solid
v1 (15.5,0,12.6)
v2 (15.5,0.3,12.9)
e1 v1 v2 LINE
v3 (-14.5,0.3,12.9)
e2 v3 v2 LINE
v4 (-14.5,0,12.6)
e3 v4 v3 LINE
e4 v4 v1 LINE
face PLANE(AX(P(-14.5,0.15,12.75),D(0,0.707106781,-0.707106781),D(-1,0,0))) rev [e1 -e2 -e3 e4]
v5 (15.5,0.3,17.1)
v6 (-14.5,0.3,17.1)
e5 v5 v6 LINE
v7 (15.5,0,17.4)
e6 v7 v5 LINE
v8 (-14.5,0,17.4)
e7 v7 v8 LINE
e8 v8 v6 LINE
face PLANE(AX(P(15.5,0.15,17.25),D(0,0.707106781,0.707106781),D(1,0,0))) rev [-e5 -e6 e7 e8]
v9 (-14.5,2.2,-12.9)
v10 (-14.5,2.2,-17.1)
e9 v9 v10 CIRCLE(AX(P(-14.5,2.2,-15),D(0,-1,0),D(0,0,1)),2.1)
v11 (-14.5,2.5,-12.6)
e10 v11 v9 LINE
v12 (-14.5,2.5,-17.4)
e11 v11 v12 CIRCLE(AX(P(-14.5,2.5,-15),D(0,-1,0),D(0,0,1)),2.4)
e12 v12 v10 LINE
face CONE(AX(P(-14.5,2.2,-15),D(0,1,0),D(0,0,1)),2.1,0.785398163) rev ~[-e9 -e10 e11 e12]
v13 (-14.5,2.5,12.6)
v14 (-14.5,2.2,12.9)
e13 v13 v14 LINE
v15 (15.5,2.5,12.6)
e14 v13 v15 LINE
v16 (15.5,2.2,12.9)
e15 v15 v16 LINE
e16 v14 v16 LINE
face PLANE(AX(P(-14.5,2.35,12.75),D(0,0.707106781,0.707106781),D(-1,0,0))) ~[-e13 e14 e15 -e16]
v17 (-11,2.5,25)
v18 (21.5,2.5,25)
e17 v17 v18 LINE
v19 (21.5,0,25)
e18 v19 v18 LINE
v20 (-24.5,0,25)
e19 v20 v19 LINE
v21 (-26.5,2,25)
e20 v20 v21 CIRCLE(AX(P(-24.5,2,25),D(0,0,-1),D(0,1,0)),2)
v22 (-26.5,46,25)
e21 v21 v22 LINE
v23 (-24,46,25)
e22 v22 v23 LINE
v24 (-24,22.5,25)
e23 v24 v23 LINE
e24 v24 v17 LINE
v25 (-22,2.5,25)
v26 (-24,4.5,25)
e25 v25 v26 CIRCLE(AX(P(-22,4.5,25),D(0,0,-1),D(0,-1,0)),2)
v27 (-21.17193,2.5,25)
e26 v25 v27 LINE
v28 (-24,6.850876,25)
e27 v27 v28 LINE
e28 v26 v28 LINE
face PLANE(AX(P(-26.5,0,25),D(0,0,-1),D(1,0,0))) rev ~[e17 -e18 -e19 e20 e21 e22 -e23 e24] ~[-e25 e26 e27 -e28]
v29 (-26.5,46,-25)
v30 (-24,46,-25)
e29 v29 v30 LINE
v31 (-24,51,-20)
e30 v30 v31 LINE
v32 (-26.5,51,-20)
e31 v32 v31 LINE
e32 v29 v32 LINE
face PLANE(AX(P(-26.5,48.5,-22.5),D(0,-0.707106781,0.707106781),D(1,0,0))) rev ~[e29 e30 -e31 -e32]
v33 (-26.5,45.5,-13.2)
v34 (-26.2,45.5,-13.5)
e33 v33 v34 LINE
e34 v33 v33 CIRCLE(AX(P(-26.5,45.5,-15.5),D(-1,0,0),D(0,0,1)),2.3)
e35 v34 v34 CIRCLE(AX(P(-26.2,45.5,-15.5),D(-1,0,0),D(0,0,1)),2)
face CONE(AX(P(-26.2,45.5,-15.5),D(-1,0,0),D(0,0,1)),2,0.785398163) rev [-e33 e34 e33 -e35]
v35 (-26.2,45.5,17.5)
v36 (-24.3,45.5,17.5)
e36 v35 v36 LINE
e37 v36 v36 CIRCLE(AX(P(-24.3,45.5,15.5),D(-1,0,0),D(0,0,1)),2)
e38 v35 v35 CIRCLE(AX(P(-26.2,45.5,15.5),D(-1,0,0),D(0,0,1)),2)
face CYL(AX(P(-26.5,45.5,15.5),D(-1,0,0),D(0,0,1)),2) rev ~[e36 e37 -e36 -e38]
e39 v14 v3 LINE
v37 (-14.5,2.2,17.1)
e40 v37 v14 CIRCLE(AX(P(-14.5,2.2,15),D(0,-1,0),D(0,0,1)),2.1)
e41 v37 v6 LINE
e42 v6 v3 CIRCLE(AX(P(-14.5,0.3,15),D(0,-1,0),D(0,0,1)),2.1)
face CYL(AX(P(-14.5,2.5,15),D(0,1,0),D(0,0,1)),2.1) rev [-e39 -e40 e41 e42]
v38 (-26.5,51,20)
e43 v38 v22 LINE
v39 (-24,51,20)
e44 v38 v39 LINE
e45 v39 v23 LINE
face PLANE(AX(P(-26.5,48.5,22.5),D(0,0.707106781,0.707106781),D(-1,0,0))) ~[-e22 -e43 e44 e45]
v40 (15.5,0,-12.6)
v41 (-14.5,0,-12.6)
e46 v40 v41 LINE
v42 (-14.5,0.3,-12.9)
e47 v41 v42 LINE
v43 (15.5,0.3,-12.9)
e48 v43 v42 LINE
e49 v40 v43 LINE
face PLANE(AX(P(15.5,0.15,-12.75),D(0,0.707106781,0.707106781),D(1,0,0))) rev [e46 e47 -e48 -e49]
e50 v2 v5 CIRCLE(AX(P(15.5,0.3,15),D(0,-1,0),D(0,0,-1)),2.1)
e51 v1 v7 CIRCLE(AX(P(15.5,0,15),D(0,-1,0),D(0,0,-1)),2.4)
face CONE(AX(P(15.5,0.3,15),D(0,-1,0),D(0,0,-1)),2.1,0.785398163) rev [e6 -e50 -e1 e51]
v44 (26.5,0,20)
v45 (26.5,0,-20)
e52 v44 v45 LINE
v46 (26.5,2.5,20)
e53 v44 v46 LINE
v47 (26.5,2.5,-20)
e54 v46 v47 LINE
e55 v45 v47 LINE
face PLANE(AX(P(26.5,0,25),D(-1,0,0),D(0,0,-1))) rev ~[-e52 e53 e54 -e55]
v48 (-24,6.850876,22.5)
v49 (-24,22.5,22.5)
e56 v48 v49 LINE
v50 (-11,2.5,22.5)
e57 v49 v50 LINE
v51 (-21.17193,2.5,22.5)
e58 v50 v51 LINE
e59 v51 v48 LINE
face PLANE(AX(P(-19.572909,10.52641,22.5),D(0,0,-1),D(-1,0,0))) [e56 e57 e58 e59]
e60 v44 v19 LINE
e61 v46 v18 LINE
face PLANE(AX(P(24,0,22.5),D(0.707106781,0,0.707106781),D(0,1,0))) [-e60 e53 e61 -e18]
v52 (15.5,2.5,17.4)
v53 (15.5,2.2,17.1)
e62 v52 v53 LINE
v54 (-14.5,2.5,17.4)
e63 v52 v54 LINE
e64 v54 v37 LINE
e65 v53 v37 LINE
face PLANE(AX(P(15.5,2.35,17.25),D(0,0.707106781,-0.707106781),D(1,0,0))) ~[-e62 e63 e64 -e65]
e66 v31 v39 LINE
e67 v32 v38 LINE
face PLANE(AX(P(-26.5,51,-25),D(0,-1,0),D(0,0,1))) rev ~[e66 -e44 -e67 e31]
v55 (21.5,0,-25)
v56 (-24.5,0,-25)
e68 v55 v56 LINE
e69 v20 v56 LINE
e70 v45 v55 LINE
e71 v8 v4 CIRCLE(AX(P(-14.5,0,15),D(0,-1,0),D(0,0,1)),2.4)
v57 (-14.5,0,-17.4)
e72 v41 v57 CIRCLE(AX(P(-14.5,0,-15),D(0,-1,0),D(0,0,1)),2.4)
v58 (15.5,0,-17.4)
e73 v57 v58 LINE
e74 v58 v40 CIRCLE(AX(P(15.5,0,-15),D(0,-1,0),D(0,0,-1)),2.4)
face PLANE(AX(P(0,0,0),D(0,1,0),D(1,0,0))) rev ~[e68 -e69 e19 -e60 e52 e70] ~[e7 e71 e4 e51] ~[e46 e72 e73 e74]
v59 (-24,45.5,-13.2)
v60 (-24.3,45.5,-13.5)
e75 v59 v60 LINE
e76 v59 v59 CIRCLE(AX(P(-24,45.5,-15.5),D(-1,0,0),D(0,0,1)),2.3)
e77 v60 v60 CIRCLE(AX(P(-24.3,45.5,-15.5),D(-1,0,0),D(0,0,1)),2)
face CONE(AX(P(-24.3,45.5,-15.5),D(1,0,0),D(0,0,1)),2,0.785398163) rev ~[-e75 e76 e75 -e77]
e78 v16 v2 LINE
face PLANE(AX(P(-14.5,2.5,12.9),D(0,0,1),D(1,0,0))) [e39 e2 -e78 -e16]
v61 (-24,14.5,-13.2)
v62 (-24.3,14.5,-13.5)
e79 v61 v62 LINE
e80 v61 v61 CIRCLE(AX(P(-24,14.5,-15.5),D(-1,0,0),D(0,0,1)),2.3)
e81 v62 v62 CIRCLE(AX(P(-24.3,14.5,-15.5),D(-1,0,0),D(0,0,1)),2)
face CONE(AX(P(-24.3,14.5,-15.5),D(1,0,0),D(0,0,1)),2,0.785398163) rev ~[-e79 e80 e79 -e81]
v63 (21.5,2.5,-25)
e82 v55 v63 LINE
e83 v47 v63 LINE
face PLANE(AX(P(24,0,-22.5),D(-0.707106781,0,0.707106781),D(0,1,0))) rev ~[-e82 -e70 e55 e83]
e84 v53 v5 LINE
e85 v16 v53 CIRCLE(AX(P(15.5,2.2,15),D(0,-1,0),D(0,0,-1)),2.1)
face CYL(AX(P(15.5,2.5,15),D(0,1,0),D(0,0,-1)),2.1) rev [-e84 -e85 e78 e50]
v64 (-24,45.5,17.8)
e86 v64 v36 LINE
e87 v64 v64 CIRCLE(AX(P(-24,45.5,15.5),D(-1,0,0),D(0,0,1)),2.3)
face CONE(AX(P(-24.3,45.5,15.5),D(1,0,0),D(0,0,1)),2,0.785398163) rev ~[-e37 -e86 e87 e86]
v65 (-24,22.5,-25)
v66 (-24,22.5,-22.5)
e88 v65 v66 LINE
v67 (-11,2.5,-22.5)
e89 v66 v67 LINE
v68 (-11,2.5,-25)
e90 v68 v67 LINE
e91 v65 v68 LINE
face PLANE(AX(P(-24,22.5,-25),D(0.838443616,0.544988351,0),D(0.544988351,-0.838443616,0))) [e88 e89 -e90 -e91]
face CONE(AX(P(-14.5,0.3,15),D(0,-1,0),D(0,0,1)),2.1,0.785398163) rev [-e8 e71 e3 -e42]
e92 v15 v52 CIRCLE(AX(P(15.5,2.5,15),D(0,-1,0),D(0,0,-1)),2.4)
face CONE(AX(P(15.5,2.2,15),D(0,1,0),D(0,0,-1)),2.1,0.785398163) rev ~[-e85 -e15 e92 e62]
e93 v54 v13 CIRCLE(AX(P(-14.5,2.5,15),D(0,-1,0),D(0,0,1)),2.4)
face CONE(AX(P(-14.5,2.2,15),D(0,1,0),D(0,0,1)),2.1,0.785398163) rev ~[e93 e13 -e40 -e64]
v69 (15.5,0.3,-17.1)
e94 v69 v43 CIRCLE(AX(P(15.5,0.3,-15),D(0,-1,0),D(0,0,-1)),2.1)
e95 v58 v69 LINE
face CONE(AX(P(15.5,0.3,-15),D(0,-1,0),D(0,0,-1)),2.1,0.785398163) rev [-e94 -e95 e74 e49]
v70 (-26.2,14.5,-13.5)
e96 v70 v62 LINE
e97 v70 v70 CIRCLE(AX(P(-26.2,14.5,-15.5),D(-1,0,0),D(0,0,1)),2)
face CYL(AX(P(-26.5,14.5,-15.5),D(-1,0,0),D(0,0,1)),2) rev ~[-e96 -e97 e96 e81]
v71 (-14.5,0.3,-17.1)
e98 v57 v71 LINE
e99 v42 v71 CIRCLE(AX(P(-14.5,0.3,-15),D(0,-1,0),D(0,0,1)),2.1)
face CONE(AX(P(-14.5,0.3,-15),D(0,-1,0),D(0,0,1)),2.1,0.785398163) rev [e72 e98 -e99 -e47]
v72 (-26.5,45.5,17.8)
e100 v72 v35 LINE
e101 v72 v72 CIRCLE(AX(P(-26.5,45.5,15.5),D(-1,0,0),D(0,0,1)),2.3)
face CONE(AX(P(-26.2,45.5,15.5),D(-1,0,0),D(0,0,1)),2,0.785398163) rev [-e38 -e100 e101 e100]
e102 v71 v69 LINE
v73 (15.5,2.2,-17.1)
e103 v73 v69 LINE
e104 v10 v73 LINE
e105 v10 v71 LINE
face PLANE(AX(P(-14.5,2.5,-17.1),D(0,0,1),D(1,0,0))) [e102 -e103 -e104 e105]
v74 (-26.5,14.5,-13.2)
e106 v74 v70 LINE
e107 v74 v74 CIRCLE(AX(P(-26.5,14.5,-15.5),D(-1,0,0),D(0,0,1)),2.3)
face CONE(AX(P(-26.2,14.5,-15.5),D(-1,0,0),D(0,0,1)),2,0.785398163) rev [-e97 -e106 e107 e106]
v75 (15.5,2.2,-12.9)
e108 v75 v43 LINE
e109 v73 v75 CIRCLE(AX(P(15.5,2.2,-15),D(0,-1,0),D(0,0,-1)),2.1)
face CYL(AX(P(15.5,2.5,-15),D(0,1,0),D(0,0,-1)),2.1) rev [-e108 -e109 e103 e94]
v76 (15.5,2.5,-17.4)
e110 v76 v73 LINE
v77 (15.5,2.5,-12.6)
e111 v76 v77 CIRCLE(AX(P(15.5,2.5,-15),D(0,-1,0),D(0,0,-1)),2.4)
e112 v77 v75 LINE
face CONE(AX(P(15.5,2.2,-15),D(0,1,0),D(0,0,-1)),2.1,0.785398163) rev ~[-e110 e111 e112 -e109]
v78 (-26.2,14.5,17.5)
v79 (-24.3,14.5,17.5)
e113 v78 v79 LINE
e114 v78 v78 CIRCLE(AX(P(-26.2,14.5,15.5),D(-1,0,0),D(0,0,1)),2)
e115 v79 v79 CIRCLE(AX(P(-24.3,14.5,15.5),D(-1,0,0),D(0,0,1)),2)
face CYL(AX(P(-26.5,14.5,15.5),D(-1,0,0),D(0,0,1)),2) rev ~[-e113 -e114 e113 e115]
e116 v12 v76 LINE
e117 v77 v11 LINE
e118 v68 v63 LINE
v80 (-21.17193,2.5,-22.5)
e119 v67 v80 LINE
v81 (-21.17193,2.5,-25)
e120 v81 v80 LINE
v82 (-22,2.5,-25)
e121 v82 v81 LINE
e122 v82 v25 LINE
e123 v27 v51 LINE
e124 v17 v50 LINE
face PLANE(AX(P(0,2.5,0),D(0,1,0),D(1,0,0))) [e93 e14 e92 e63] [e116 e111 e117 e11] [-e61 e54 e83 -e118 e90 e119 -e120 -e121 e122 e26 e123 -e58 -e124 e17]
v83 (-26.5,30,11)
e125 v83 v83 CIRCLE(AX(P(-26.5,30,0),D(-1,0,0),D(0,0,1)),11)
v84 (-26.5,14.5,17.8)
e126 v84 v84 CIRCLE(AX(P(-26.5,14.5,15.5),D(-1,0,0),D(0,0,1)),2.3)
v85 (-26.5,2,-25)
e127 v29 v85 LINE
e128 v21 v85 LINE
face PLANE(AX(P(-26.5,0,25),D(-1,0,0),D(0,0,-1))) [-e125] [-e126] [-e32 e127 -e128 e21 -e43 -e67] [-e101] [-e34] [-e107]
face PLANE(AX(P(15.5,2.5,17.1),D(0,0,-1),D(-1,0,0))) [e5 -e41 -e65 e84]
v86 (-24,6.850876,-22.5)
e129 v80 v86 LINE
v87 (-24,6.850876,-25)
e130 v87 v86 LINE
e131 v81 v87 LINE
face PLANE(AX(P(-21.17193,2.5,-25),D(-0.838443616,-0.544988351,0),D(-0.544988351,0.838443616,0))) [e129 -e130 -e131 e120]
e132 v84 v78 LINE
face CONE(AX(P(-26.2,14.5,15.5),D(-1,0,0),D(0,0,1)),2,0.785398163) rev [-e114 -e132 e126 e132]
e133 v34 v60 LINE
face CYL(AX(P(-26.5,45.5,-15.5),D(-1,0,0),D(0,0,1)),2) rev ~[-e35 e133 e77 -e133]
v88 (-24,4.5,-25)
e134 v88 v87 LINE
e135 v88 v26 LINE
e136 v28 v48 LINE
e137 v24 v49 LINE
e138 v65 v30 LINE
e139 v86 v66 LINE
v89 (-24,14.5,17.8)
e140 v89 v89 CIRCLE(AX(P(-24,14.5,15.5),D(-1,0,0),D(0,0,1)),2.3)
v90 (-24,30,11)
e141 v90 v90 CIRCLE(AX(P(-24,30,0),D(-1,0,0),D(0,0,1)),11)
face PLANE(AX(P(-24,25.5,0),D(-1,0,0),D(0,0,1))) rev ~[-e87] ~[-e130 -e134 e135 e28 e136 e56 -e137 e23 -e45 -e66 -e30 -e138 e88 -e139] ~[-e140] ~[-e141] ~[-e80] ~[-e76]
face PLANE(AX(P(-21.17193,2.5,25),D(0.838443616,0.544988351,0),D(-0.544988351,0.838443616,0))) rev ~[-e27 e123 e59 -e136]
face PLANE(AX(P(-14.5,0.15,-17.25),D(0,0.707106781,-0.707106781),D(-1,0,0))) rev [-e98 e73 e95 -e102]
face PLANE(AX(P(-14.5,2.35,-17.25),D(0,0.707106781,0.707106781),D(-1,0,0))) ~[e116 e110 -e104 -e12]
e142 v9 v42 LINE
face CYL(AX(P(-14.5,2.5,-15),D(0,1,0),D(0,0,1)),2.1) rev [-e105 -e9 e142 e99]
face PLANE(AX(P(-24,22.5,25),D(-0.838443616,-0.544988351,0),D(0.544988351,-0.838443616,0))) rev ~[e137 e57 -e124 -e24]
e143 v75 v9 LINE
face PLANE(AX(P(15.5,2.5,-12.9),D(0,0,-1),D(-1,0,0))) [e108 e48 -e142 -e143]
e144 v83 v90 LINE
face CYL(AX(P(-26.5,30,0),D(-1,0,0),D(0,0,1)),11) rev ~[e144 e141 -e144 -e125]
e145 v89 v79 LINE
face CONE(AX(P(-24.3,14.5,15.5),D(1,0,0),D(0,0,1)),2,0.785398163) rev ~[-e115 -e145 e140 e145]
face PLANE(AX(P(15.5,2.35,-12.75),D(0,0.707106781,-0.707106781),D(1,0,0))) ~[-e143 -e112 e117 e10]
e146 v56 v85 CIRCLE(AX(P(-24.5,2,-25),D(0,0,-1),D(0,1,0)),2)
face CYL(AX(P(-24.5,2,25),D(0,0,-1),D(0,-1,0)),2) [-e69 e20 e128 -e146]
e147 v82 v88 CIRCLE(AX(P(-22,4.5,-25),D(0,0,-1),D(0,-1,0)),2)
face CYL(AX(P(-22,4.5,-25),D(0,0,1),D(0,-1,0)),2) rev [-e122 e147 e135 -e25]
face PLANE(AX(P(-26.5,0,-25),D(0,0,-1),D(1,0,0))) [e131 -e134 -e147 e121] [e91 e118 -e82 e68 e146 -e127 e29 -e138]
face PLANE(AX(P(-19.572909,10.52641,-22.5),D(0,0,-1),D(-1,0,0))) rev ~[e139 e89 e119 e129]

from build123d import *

# Parameters (mm, degrees)
SKETCH1_W           = 53
SKETCH1_H           = 50
BOSS_EXTRUDE1_DEPTH = 2.5
SKETCH2_W           = 50
SKETCH2_H           = 51
BOSS_EXTRUDE2_DEPTH = 2.5
CHAMFER1_SIZE       = 5
SKETCH3_R           = 11
SKETCH3_R_2         = 2
CUT_EXTRUDE1_DEPTH  = 2.5
CUT_EXTRUDE2_DEPTH  = 2.5
FILLET1_R           = 2
FILLET2_R           = 2
CHAMFER2_SIZE       = 0.3
CHAMFER3_SIZE       = 0.3
BOSS_EXTRUDE3_DEPTH = 2.5
BOSS_EXTRUDE4_DEPTH = 2.5


with BuildPart() as part:
    # Sketch1 → Boss-Extrude1 (new body)
    with BuildSketch(Plane(origin=(0, 0, 0), x_dir=(1, 0, 0), z_dir=(0, 1, 0))):
        Rectangle(SKETCH1_W, SKETCH1_H)
    extrude(amount=BOSS_EXTRUDE1_DEPTH)

    # Sketch2 → Boss-Extrude2 (add)
    with BuildSketch(Plane.ZY.offset(26.5)):
        with Locations((0, 25.5)):
            Rectangle(SKETCH2_W, SKETCH2_H)
    extrude(amount=-BOSS_EXTRUDE2_DEPTH)

    # Chamfer1
    chamfer1_edges = [part.edges().sort_by_distance(p)[0] for p in [
        (-25.25, 51, 25),
        (-25.25, 51, -25),
        (26.5, 1.25, 25),
        (26.5, 1.25, -25),
    ]]
    chamfer(chamfer1_edges, length=CHAMFER1_SIZE)

    # Sketch3 → Cut-Extrude1 (cut)
    with BuildSketch(Plane.ZY.offset(26.5)):
        with Locations((0, 30)):
            Circle(SKETCH3_R)
        with Locations((-15.5, 45.5)):
            Circle(SKETCH3_R_2)
        with Locations((15.5, 45.5)):
            Circle(SKETCH3_R_2)
        with Locations((-15.5, 14.5)):
            Circle(SKETCH3_R_2)
        with Locations((15.5, 14.5)):
            Circle(SKETCH3_R_2)
    extrude(amount=-CUT_EXTRUDE1_DEPTH, mode=Mode.SUBTRACT)

    # Sketch4 → Cut-Extrude2 (cut)
    with BuildSketch(Plane(origin=(0, 2.5, 0), x_dir=(1, 0, 0), z_dir=(0, 1, 0))):
        with BuildLine():
            Line((-14.5, 17.1), (15.5, 17.1))
            ThreePointArc((15.5, 17.1), (17.6, 15), (15.5, 12.9))
            Line((15.5, 12.9), (-14.5, 12.9))
            ThreePointArc((-14.5, 12.9), (-16.6, 15), (-14.5, 17.1))
        make_face()
        with BuildLine():
            Line((-14.5, -12.9), (15.5, -12.9))
            ThreePointArc((15.5, -12.9), (17.6, -15), (15.5, -17.1))
            Line((15.5, -17.1), (-14.5, -17.1))
            ThreePointArc((-14.5, -17.1), (-16.6, -15), (-14.5, -12.9))
        make_face()
    extrude(amount=-CUT_EXTRUDE2_DEPTH, mode=Mode.SUBTRACT)

    # Fillet1
    fillet1_edges = [part.edges().sort_by_distance(p)[0] for p in [
        (-24, 2.5, 0),
    ]]
    fillet(fillet1_edges, radius=FILLET1_R)

    # Fillet2
    fillet2_edges = [part.edges().sort_by_distance(p)[0] for p in [
        (-26.5, 0, 0),
    ]]
    fillet(fillet2_edges, radius=FILLET2_R)

    # Chamfer2
    chamfer2_edges = [part.edges().sort_by_distance(p)[0] for p in [
        (-24, 45.5, -17.5),
        (-26.5, 45.5, -17.5),
        (-24, 45.5, 13.5),
        (-26.5, 45.5, 13.5),
        (-24, 14.5, -17.5),
        (-26.5, 14.5, -17.5),
        (-24, 14.5, 13.5),
        (-26.5, 14.5, 13.5),
    ]]
    chamfer(chamfer2_edges, length=CHAMFER2_SIZE)

    # Chamfer3
    chamfer3_edges = [part.edges().sort_by_distance(p)[0] for p in [
        (-16.6, 0, 15),
        (0.5, 2.5, 12.9),
        (17.6, 0, 15),
        (0.5, 0, 17.1),
        (0.5, 0, 12.9),
        (-16.6, 2.5, 15),
        (0.5, 2.5, 17.1),
        (17.6, 2.5, 15),
        (-16.6, 0, -15),
        (0.5, 2.5, -17.1),
        (17.6, 0, -15),
        (0.5, 0, -12.9),
        (0.5, 0, -17.1),
        (-16.6, 2.5, -15),
        (0.5, 2.5, -12.9),
        (17.6, 2.5, -15),
    ]]
    chamfer(chamfer3_edges, length=CHAMFER3_SIZE)

    # Sketch5 → Boss-Extrude3 (add)
    with BuildSketch(Plane.XY.offset(25)):
        Polygon((-24, 22.5), (-11, 2.5), (-21.171930363, 2.5), (-24, 6.850876365), align=None)
    extrude(amount=-BOSS_EXTRUDE3_DEPTH)

    # Sketch6 → Boss-Extrude4 (add)
    with BuildSketch(Plane(origin=(0, 0, -25), x_dir=(-1, 0, 0), z_dir=(0, 0, -1))):
        Polygon((24, 22.5), (11, 2.5), (21.171930363, 2.5), (24, 6.850876365), align=None)
    extrude(amount=-BOSS_EXTRUDE4_DEPTH)


solid = part.part
